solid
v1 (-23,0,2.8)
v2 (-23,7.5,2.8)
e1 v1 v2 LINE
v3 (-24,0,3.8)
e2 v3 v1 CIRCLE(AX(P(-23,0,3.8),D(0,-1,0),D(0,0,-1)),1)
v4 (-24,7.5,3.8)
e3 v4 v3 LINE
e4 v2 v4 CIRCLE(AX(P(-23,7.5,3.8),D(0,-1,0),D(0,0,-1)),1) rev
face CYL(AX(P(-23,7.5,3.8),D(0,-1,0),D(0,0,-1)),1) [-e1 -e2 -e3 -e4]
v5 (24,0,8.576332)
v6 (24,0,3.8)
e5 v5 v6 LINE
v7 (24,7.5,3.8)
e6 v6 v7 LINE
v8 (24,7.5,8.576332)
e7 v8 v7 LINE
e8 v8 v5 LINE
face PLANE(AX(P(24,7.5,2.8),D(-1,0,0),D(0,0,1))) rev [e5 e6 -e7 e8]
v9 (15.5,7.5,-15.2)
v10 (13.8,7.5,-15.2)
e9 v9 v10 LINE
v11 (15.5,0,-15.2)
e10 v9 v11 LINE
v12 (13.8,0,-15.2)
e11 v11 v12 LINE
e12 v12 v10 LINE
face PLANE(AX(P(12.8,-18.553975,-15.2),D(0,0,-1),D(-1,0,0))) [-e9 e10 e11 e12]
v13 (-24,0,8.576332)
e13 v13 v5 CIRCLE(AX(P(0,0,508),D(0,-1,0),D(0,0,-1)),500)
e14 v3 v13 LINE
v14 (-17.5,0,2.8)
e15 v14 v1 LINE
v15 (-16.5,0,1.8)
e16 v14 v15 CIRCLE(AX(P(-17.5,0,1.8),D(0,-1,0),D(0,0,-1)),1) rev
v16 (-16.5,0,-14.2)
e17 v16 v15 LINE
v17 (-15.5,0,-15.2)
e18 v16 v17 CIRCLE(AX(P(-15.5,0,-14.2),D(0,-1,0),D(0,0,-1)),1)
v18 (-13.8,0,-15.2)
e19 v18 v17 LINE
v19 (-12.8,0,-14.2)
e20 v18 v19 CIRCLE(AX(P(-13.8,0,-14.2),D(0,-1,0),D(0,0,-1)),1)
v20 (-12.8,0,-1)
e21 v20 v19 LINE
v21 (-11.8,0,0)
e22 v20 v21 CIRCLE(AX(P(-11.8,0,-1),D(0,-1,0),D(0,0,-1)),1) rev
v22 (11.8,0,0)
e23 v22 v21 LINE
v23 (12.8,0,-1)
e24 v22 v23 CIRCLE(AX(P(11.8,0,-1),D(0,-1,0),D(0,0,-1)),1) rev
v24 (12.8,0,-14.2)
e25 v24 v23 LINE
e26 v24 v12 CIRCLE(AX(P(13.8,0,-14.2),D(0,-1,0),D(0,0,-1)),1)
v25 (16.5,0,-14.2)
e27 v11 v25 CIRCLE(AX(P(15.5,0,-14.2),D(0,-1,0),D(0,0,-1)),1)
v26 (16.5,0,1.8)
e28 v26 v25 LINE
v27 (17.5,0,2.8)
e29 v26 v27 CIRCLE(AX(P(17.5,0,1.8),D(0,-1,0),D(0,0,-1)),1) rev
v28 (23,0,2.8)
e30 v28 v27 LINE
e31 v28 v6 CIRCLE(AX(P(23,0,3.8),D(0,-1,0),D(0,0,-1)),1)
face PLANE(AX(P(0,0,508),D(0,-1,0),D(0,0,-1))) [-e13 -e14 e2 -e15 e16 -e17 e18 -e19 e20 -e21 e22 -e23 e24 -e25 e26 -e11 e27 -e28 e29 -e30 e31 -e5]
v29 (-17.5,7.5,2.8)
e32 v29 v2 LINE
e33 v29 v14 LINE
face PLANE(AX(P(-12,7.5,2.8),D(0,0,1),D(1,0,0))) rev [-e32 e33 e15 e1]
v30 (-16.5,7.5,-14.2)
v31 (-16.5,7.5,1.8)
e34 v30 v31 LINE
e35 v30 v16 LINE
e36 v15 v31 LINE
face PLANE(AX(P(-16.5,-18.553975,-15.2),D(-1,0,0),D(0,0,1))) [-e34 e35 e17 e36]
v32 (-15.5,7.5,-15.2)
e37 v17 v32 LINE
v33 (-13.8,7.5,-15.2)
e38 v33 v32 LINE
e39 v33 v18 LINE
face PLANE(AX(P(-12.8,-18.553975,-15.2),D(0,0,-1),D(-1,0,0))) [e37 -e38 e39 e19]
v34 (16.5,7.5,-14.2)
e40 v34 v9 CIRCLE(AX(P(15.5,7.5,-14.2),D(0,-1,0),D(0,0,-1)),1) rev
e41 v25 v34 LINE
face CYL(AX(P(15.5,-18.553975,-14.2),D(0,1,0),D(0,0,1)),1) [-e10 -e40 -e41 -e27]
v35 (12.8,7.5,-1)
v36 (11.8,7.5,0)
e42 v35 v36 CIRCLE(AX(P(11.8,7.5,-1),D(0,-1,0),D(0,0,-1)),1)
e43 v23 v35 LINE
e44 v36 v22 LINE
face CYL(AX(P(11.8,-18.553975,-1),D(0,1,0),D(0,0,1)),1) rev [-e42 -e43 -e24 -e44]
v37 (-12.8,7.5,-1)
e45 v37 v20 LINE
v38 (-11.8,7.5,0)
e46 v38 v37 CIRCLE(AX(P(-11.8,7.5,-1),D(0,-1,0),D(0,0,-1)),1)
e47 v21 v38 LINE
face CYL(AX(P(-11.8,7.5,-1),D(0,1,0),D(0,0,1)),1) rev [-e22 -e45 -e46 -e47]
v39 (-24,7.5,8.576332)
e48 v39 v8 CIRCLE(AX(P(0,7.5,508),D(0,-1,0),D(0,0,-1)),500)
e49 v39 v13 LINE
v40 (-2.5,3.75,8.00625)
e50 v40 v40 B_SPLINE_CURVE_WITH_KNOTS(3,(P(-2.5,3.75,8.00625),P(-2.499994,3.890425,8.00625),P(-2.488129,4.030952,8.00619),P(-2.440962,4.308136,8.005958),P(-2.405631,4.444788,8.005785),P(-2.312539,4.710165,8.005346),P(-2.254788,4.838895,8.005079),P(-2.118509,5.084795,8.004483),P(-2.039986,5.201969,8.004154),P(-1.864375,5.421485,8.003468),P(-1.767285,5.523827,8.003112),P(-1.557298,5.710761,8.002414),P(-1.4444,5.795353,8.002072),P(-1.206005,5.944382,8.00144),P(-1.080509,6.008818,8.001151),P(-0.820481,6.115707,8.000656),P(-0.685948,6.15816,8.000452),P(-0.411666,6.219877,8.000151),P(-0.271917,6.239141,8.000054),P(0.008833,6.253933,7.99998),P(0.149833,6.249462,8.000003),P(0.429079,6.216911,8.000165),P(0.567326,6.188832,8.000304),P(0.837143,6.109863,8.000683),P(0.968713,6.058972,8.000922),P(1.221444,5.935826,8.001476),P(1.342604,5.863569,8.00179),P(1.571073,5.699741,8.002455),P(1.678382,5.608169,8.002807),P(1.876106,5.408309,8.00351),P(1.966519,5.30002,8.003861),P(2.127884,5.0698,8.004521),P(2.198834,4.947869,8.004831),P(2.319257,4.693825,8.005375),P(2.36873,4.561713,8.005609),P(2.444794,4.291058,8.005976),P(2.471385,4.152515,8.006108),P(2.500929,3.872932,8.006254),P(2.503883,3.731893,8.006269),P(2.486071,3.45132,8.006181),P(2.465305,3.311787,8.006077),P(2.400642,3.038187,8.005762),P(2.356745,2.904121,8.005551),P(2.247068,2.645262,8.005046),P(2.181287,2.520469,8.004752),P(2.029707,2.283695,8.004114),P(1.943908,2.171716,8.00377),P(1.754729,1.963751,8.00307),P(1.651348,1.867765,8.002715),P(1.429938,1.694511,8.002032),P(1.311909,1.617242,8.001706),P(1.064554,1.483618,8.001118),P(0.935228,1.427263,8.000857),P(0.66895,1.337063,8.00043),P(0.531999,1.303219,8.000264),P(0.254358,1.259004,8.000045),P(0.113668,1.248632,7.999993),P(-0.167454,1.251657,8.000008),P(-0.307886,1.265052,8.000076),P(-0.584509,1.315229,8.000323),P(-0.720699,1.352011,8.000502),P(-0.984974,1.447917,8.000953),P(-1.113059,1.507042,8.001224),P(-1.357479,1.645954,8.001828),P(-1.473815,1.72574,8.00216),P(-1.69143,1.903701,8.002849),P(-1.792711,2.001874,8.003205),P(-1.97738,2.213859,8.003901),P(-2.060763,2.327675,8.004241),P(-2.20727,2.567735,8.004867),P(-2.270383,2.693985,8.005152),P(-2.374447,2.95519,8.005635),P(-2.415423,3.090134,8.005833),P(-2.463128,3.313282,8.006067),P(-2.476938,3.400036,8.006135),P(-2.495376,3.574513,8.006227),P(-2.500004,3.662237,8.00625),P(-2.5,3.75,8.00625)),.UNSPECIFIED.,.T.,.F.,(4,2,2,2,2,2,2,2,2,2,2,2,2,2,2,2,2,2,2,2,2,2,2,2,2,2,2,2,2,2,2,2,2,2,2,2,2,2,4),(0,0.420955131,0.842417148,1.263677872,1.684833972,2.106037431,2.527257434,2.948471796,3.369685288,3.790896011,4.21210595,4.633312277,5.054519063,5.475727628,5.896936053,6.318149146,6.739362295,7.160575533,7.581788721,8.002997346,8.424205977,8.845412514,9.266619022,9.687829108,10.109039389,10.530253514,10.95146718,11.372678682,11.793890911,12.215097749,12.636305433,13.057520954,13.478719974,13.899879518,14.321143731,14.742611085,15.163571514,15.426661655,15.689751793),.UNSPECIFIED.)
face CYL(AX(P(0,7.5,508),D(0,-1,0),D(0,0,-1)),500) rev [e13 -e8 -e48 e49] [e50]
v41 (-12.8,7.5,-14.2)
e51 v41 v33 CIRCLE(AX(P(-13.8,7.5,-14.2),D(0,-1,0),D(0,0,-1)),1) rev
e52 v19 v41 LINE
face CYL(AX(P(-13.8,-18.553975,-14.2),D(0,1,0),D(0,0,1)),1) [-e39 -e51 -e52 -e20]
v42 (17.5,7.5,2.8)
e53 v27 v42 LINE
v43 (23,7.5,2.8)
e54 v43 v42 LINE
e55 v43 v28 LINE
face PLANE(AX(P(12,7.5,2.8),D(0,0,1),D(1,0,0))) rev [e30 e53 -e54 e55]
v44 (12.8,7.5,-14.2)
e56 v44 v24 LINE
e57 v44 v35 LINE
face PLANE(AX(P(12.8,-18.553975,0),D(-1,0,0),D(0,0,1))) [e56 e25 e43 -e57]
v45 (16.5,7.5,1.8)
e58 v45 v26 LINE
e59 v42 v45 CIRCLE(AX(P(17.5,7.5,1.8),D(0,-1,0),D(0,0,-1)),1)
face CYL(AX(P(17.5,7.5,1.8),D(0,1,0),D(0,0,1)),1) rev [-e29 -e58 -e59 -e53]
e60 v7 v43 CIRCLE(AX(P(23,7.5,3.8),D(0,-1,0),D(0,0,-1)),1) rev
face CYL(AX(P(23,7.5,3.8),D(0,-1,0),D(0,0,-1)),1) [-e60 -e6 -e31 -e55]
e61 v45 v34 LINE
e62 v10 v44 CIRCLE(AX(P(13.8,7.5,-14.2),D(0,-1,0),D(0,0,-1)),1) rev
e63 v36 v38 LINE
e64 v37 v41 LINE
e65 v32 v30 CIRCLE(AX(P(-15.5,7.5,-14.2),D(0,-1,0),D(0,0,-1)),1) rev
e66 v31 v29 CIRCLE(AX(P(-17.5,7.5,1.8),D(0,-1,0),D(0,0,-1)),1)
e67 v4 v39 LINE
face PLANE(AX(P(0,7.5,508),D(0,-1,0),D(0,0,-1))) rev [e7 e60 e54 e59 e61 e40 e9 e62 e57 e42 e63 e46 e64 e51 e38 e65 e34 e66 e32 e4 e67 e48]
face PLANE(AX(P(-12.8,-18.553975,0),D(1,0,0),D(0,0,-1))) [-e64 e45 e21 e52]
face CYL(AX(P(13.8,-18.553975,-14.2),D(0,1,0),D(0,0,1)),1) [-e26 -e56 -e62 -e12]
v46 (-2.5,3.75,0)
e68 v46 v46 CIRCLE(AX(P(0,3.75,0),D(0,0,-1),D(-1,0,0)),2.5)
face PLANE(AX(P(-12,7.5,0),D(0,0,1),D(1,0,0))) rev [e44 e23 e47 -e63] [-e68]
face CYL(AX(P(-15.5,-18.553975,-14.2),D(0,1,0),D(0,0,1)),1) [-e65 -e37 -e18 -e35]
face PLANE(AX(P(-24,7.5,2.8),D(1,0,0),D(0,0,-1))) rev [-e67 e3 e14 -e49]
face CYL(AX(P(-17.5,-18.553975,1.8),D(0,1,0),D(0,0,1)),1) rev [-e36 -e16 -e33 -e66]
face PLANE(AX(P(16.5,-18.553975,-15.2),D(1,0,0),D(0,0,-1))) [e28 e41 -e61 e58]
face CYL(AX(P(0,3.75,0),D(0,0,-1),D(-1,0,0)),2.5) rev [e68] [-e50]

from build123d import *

# Parameters (mm, degrees)
BOSS_EXTRUDE1_DEPTH       = 7.5
BOSS_EXTRUDE2_DEPTH       = 7.5
FILLET1_R                 = 1
M6X1_0_TAPPED_HOLE1_D     = 5
M6X1_0_TAPPED_HOLE1_DEPTH = 9
M6X1_0_TAPPED_HOLE1_TIP   = 1.502151548


with BuildPart() as part:
    # Sketch1 → Boss-Extrude1 (new body)
    with BuildSketch(Plane(origin=(0, 0, 0), x_dir=(1, 0, 0), z_dir=(0, 1, 0))):
        with BuildLine():
            Line((-12, 0), (0, 0))
            Line((0, 0), (12, 0))
            Line((12, 0), (12, -2.8))
            Line((12, -2.8), (24, -2.8))
            Line((24, -2.8), (24, -8.576332159))
            ThreePointArc((24, -8.576332159), (0, -8), (-24, -8.576332159))
            Line((-24, -8.576332159), (-24, -2.8))
            Line((-24, -2.8), (-12, -2.8))
            Line((-12, -2.8), (-12, 0))
        make_face()
    extrude(amount=BOSS_EXTRUDE1_DEPTH)

    # Sketch5 → Boss-Extrude2 (add)
    with BuildSketch(Plane(origin=(0, 7.5, 0), x_dir=(1, 0, 0), z_dir=(0, 1, 0))):
        Polygon((12, 0), (12.8, 0), (12.8, 15.2), (16.5, 15.2), (16.5, -2.8), (12, -2.8), align=None)
        Polygon((-12, -2.8), (-12, 0), (-12.8, 0), (-12.8, 15.2), (-16.5, 15.2), (-16.5, -2.8), align=None)
    extrude(amount=-BOSS_EXTRUDE2_DEPTH)

    # Fillet1
    fillet1_edges = [part.edges().sort_by_distance(p)[0] for p in [
        (24, 3.75, 2.8),
        (-24, 3.75, 2.8),
        (16.5, 3.75, 2.8),
        (16.5, 3.75, -15.2),
        (12.8, 3.75, -15.2),
        (12.8, 3.75, 0),
        (-12.8, 3.75, 0),
        (-12.8, 3.75, -15.2),
        (-16.5, 3.75, -15.2),
        (-16.5, 3.75, 2.8),
    ]]
    fillet(fillet1_edges, radius=FILLET1_R)

    # M6x1.0 Tapped Hole1
    with Locations(Plane(origin=(0, 0, 0), x_dir=(-1, 0, 0), z_dir=(0, 0, -1))):
        with Locations((0, 3.75)):
            Hole(M6X1_0_TAPPED_HOLE1_D / 2, depth=M6X1_0_TAPPED_HOLE1_DEPTH)
            with Locations((0, 0, -(M6X1_0_TAPPED_HOLE1_DEPTH + M6X1_0_TAPPED_HOLE1_TIP / 2))):  # 118° drill point
                Cone(0, M6X1_0_TAPPED_HOLE1_D / 2, M6X1_0_TAPPED_HOLE1_TIP, mode=Mode.SUBTRACT)


solid = part.part
